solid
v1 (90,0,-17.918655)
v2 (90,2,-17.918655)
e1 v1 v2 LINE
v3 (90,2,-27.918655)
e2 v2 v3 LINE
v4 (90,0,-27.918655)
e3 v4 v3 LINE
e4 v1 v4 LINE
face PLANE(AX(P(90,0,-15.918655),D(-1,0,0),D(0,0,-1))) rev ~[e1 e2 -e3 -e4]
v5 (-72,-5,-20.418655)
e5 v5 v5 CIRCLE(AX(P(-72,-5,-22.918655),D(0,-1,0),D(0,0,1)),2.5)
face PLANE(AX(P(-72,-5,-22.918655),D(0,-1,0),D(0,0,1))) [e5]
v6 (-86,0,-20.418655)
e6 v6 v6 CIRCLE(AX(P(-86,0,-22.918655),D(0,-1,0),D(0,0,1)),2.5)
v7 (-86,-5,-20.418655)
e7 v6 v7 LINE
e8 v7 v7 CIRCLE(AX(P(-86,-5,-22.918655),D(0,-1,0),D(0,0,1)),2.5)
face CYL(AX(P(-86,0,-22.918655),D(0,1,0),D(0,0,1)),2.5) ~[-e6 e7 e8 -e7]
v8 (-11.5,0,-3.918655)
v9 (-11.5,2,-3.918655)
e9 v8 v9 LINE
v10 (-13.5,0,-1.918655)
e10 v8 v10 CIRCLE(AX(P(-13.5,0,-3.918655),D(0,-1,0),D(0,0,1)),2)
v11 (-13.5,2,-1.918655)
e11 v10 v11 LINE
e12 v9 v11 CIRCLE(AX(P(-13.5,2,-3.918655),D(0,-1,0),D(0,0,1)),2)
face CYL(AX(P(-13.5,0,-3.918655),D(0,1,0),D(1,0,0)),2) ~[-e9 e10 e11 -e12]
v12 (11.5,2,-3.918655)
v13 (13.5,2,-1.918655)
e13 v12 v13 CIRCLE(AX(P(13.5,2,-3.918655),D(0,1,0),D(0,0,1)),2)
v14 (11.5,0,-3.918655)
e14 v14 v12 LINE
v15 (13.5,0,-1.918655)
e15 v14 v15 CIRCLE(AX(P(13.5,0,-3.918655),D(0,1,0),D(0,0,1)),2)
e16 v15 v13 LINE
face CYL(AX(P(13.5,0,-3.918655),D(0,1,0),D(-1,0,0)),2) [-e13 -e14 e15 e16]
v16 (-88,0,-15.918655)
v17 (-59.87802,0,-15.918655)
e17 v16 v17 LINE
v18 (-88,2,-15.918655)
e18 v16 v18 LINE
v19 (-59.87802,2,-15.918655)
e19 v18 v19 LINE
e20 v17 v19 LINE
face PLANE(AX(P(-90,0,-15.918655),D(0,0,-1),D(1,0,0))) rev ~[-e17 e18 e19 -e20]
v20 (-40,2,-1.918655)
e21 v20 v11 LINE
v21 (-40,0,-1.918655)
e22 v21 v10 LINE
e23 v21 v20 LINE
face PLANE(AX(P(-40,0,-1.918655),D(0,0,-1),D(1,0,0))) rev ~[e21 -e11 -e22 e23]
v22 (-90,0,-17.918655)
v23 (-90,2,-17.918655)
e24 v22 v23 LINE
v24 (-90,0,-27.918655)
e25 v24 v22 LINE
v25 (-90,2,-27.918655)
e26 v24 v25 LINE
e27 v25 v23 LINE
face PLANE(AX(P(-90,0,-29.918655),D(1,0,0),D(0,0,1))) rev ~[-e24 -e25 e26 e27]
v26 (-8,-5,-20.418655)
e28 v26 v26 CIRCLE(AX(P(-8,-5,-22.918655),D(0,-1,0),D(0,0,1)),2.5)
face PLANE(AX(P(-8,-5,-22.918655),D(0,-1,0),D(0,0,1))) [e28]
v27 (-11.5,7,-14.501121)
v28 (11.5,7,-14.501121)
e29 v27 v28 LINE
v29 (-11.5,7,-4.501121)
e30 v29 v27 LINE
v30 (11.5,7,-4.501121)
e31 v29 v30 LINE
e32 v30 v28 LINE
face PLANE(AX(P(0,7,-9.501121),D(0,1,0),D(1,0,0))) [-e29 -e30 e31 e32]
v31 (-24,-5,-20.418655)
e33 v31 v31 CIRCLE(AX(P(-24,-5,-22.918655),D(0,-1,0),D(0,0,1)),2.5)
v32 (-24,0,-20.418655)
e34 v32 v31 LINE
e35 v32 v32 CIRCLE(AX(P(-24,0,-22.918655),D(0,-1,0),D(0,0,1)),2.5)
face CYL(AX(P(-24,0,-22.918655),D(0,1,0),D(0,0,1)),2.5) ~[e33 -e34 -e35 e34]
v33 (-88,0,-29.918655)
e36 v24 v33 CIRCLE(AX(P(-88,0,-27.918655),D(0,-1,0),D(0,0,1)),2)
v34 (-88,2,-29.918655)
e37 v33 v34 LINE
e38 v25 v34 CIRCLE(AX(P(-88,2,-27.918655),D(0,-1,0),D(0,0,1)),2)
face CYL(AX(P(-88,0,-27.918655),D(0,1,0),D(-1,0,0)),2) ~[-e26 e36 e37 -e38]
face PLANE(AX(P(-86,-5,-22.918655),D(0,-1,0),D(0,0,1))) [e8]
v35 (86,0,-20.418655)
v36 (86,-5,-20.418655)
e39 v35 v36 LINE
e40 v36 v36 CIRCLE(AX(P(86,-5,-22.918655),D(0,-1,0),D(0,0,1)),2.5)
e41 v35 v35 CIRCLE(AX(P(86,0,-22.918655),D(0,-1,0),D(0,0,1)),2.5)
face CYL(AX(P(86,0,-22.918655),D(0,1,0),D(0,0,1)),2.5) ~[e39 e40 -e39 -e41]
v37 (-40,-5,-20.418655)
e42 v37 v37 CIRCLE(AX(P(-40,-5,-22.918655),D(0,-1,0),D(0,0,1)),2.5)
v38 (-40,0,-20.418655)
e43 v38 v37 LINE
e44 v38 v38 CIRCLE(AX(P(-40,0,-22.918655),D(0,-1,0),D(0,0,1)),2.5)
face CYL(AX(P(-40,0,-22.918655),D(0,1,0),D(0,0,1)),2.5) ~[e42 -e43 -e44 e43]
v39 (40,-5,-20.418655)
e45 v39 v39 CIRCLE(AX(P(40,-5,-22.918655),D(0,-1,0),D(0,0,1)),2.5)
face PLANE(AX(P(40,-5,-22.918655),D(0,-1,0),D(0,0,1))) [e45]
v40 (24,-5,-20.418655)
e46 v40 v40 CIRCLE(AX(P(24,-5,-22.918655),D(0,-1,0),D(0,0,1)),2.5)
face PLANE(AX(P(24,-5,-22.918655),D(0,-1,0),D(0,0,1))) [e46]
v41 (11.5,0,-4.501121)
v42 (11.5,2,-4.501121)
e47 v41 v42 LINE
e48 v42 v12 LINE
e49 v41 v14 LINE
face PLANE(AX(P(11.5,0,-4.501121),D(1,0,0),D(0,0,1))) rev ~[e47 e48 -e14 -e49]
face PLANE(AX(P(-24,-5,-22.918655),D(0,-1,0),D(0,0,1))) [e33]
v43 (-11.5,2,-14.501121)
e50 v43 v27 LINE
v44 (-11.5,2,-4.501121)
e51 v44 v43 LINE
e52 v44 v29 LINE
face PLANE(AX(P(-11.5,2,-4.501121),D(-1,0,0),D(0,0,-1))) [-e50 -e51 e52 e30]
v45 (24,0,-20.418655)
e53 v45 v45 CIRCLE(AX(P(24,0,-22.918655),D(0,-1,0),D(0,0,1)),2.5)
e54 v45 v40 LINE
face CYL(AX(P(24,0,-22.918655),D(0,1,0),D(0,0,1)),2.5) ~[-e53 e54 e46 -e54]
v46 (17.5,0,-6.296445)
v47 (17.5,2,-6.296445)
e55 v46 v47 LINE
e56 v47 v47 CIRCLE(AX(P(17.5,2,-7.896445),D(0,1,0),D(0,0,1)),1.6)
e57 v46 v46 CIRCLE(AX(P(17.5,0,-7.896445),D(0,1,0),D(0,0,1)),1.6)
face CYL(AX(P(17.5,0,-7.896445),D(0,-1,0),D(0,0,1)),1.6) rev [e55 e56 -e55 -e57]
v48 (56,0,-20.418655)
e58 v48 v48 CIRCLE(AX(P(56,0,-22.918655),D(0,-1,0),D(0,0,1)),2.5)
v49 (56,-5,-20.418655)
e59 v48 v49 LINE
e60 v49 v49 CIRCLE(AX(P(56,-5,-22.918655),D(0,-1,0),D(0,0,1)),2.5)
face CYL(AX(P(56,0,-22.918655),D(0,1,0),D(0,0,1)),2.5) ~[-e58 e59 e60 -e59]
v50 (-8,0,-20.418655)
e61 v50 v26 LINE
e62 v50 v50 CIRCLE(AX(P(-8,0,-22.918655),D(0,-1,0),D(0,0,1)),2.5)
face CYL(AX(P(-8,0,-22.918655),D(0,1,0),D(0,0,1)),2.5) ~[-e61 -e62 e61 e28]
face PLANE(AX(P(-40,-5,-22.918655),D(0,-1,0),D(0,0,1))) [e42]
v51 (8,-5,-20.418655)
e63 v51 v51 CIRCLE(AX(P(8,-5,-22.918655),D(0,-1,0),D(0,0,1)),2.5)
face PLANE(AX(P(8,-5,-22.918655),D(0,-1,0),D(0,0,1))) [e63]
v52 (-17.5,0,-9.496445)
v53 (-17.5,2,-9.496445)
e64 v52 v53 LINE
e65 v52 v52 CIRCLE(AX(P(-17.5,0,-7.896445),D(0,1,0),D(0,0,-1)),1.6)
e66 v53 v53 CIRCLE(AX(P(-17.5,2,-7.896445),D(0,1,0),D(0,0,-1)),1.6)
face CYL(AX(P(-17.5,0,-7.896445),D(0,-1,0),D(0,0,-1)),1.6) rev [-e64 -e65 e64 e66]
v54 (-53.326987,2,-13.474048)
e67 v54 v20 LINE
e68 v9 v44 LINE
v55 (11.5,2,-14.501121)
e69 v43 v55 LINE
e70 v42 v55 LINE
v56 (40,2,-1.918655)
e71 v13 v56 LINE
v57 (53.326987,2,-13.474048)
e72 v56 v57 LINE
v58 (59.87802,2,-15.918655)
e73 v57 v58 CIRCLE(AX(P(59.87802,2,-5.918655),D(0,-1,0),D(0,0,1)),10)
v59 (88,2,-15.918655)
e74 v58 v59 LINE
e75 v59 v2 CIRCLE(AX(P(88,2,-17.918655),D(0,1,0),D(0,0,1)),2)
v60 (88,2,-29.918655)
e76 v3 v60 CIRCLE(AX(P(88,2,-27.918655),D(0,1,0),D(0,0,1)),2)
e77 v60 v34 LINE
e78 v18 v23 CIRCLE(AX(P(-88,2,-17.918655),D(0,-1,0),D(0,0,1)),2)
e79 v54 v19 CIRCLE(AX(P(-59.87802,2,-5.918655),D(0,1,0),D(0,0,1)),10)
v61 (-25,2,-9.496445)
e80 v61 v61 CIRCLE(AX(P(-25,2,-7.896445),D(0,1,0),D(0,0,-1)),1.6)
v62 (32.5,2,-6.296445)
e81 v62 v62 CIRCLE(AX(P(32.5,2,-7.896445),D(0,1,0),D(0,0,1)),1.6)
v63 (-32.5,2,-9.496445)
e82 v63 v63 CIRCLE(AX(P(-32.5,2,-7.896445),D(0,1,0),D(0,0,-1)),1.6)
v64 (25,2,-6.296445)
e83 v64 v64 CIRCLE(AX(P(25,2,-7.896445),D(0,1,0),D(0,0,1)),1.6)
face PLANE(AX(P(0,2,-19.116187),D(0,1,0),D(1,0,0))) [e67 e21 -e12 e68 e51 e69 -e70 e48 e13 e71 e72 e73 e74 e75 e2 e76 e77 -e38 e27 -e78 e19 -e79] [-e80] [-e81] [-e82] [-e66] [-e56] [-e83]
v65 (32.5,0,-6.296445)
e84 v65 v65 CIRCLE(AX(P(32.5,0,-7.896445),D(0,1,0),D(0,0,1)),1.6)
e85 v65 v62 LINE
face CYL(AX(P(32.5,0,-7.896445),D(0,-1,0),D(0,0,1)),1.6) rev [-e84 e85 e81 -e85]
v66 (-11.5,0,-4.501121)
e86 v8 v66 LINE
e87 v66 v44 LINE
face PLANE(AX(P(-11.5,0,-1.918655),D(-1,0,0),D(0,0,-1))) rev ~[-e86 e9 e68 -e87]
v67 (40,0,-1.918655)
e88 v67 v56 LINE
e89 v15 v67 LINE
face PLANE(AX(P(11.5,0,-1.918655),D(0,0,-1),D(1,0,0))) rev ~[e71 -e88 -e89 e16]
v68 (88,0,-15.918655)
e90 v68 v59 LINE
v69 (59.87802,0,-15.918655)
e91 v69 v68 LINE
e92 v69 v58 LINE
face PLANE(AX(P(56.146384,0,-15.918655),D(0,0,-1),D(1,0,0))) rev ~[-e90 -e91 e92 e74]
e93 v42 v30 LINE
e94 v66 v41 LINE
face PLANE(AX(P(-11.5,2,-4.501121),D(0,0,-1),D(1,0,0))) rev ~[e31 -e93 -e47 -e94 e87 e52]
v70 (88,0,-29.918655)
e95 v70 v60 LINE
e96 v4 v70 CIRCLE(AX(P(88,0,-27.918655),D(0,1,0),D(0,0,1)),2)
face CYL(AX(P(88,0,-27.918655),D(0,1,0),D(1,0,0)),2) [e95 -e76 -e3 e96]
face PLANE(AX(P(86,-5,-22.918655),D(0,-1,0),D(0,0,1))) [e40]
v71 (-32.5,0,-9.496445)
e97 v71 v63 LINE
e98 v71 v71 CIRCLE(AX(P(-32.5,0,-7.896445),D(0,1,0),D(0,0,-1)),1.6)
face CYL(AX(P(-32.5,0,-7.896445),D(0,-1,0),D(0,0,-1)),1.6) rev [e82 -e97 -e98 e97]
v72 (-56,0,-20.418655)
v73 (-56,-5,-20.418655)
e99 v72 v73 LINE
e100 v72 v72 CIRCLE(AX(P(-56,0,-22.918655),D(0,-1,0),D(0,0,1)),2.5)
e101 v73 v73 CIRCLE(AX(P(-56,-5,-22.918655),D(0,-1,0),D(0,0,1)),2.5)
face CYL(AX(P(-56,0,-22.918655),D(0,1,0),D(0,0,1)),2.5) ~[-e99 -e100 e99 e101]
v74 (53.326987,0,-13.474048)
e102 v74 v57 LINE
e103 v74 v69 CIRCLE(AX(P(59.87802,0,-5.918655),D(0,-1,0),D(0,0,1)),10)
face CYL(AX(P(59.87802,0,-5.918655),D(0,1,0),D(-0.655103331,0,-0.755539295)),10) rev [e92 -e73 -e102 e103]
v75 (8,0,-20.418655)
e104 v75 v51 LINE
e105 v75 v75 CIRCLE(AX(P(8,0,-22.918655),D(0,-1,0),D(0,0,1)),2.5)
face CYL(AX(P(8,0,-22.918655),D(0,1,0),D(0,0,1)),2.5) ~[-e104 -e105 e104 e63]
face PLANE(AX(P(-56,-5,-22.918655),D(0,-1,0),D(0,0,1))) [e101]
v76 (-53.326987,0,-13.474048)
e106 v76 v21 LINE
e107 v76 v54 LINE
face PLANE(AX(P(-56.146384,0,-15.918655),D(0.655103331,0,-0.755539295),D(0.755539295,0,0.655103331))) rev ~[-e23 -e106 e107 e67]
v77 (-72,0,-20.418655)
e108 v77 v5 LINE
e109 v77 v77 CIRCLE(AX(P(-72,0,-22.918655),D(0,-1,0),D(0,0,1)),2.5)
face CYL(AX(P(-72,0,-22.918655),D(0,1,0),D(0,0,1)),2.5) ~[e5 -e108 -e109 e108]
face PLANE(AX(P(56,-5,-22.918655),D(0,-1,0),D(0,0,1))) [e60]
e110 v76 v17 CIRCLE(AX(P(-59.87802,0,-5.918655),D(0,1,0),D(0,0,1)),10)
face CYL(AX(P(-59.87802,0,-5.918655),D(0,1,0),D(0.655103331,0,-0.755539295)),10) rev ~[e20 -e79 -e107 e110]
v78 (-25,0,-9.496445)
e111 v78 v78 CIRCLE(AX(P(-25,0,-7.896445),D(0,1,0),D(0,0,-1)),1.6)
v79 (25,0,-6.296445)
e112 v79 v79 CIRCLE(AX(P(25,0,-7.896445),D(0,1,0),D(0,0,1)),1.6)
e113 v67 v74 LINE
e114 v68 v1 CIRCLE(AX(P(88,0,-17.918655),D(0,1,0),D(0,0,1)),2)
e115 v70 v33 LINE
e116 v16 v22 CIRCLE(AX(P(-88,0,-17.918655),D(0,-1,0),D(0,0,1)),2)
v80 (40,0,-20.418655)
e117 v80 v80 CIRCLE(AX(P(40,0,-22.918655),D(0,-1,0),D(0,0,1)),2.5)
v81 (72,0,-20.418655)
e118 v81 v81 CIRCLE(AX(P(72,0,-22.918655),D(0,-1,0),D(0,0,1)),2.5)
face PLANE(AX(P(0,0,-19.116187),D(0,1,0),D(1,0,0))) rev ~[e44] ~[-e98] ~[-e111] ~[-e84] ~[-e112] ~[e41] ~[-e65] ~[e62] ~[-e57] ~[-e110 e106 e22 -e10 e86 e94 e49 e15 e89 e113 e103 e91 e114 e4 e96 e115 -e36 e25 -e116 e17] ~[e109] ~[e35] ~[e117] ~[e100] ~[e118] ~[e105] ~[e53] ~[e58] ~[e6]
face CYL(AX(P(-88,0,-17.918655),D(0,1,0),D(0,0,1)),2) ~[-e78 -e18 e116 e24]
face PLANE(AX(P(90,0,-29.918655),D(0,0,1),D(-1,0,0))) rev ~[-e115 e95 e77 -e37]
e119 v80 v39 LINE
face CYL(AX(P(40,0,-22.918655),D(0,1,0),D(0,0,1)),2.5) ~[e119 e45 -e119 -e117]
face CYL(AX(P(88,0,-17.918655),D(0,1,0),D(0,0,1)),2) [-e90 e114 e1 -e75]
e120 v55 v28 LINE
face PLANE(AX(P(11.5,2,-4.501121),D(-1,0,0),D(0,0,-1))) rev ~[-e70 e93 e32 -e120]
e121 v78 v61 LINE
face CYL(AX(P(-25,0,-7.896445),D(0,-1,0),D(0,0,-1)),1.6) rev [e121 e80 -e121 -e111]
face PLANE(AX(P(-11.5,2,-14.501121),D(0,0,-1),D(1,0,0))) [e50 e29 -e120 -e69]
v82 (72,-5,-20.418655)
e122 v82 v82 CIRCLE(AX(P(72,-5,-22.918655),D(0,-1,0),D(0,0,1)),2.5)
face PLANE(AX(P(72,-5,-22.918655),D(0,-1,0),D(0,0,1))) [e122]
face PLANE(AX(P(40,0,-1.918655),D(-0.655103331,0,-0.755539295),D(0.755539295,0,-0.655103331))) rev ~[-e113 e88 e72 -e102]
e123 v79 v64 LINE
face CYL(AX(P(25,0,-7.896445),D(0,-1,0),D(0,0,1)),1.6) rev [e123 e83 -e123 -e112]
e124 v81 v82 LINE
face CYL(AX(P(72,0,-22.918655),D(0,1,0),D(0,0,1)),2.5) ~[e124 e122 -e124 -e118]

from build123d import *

# Parameters (mm, degrees)
SKETCH_1_R      = 1.6
EXTRUDE_1_DEPTH = 2
FILLET_1_R      = 2
FILLET_2_R      = 10
SKETCH_2_R      = 2.5
EXTRUDE_2_DEPTH = 5
SKETCH_3_W      = 23
SKETCH_3_H      = 10
EXTRUDE_4_DEPTH = 5


with BuildPart() as part:
    # 草图1 → 凸台-拉伸1 (new body)
    with BuildSketch(Plane(origin=(0, 0, 0), x_dir=(1, 0, 0), z_dir=(0, 1, 0))):
        Polygon((-11.5, 4.501120792), (11.5, 4.501120792), (11.5, 1.918654762), (40, 1.918654762), (56.146384284, 15.918654762), (90, 15.918654762), (90, 29.918654762), (-90, 29.918654762), (-90, 15.918654762), (-56.146384284, 15.918654762), (-40, 1.918654762), (-11.5, 1.918654762), align=None)
        with Locations(Location((17.5, 7.896444982, 0), (0, 0, 270))):
            Circle(SKETCH_1_R, mode=Mode.SUBTRACT)
        with Locations(Location((25, 7.896444982, 0), (0, 0, 270))):
            Circle(SKETCH_1_R, mode=Mode.SUBTRACT)
        with Locations(Location((32.5, 7.896444982, 0), (0, 0, 270))):
            Circle(SKETCH_1_R, mode=Mode.SUBTRACT)
        with Locations(Location((-32.5, 7.896444982, 0), (0, 0, 90))):
            Circle(SKETCH_1_R, mode=Mode.SUBTRACT)
        with Locations(Location((-25, 7.896444982, 0), (0, 0, 90))):
            Circle(SKETCH_1_R, mode=Mode.SUBTRACT)
        with Locations(Location((-17.5, 7.896444982, 0), (0, 0, 90))):
            Circle(SKETCH_1_R, mode=Mode.SUBTRACT)
    extrude(amount=EXTRUDE_1_DEPTH)

    # 圆角1
    fillet_1_edges = [part.edges().sort_by_distance(p)[0] for p in [
        (-11.5, 1, -1.918654762),
        (-90, 1, -15.918654762),
        (-90, 1, -29.918654762),
        (90, 1, -29.918654762),
        (90, 1, -15.918654762),
        (11.5, 1, -1.918654762),
    ]]
    fillet(fillet_1_edges, radius=FILLET_1_R)

    # 圆角2
    fillet_2_edges = [part.edges().sort_by_distance(p)[0] for p in [
        (-56.146384284, 1, -15.918654762),
        (56.146384284, 1, -15.918654762),
    ]]
    fillet(fillet_2_edges, radius=FILLET_2_R)

    # 草图2 → 凸台-拉伸2 (add)
    with BuildSketch(Plane.XZ):
        with Locations(Location((-8, -22.918654762, 0), (0, 0, 90))):
            Circle(SKETCH_2_R)
        with Locations(Location((-24, -22.918654762, 0), (0, 0, 90))):
            Circle(SKETCH_2_R)
        with Locations(Location((-40, -22.918654762, 0), (0, 0, 90))):
            Circle(SKETCH_2_R)
        with Locations(Location((-56, -22.918654762, 0), (0, 0, 90))):
            Circle(SKETCH_2_R)
        with Locations(Location((-72, -22.918654762, 0), (0, 0, 90))):
            Circle(SKETCH_2_R)
        with Locations(Location((-86, -22.918654762, 0), (0, 0, 90))):
            Circle(SKETCH_2_R)
        with Locations(Location((8, -22.918654762, 0), (0, 0, 90))):
            Circle(SKETCH_2_R)
        with Locations(Location((24, -22.918654762, 0), (0, 0, 90))):
            Circle(SKETCH_2_R)
        with Locations(Location((40, -22.918654762, 0), (0, 0, 90))):
            Circle(SKETCH_2_R)
        with Locations(Location((56, -22.918654762, 0), (0, 0, 90))):
            Circle(SKETCH_2_R)
        with Locations(Location((72, -22.918654762, 0), (0, 0, 90))):
            Circle(SKETCH_2_R)
        with Locations(Location((86, -22.918654762, 0), (0, 0, 90))):
            Circle(SKETCH_2_R)
    extrude(amount=EXTRUDE_2_DEPTH)

    # 草图3 → 凸台-拉伸4 (add)
    with BuildSketch(Plane(origin=(0, 2, 0), x_dir=(1, 0, 0), z_dir=(0, 1, 0))):
        with Locations((0, 9.501120792)):
            Rectangle(SKETCH_3_W, SKETCH_3_H)
    extrude(amount=EXTRUDE_4_DEPTH)


solid = part.part
